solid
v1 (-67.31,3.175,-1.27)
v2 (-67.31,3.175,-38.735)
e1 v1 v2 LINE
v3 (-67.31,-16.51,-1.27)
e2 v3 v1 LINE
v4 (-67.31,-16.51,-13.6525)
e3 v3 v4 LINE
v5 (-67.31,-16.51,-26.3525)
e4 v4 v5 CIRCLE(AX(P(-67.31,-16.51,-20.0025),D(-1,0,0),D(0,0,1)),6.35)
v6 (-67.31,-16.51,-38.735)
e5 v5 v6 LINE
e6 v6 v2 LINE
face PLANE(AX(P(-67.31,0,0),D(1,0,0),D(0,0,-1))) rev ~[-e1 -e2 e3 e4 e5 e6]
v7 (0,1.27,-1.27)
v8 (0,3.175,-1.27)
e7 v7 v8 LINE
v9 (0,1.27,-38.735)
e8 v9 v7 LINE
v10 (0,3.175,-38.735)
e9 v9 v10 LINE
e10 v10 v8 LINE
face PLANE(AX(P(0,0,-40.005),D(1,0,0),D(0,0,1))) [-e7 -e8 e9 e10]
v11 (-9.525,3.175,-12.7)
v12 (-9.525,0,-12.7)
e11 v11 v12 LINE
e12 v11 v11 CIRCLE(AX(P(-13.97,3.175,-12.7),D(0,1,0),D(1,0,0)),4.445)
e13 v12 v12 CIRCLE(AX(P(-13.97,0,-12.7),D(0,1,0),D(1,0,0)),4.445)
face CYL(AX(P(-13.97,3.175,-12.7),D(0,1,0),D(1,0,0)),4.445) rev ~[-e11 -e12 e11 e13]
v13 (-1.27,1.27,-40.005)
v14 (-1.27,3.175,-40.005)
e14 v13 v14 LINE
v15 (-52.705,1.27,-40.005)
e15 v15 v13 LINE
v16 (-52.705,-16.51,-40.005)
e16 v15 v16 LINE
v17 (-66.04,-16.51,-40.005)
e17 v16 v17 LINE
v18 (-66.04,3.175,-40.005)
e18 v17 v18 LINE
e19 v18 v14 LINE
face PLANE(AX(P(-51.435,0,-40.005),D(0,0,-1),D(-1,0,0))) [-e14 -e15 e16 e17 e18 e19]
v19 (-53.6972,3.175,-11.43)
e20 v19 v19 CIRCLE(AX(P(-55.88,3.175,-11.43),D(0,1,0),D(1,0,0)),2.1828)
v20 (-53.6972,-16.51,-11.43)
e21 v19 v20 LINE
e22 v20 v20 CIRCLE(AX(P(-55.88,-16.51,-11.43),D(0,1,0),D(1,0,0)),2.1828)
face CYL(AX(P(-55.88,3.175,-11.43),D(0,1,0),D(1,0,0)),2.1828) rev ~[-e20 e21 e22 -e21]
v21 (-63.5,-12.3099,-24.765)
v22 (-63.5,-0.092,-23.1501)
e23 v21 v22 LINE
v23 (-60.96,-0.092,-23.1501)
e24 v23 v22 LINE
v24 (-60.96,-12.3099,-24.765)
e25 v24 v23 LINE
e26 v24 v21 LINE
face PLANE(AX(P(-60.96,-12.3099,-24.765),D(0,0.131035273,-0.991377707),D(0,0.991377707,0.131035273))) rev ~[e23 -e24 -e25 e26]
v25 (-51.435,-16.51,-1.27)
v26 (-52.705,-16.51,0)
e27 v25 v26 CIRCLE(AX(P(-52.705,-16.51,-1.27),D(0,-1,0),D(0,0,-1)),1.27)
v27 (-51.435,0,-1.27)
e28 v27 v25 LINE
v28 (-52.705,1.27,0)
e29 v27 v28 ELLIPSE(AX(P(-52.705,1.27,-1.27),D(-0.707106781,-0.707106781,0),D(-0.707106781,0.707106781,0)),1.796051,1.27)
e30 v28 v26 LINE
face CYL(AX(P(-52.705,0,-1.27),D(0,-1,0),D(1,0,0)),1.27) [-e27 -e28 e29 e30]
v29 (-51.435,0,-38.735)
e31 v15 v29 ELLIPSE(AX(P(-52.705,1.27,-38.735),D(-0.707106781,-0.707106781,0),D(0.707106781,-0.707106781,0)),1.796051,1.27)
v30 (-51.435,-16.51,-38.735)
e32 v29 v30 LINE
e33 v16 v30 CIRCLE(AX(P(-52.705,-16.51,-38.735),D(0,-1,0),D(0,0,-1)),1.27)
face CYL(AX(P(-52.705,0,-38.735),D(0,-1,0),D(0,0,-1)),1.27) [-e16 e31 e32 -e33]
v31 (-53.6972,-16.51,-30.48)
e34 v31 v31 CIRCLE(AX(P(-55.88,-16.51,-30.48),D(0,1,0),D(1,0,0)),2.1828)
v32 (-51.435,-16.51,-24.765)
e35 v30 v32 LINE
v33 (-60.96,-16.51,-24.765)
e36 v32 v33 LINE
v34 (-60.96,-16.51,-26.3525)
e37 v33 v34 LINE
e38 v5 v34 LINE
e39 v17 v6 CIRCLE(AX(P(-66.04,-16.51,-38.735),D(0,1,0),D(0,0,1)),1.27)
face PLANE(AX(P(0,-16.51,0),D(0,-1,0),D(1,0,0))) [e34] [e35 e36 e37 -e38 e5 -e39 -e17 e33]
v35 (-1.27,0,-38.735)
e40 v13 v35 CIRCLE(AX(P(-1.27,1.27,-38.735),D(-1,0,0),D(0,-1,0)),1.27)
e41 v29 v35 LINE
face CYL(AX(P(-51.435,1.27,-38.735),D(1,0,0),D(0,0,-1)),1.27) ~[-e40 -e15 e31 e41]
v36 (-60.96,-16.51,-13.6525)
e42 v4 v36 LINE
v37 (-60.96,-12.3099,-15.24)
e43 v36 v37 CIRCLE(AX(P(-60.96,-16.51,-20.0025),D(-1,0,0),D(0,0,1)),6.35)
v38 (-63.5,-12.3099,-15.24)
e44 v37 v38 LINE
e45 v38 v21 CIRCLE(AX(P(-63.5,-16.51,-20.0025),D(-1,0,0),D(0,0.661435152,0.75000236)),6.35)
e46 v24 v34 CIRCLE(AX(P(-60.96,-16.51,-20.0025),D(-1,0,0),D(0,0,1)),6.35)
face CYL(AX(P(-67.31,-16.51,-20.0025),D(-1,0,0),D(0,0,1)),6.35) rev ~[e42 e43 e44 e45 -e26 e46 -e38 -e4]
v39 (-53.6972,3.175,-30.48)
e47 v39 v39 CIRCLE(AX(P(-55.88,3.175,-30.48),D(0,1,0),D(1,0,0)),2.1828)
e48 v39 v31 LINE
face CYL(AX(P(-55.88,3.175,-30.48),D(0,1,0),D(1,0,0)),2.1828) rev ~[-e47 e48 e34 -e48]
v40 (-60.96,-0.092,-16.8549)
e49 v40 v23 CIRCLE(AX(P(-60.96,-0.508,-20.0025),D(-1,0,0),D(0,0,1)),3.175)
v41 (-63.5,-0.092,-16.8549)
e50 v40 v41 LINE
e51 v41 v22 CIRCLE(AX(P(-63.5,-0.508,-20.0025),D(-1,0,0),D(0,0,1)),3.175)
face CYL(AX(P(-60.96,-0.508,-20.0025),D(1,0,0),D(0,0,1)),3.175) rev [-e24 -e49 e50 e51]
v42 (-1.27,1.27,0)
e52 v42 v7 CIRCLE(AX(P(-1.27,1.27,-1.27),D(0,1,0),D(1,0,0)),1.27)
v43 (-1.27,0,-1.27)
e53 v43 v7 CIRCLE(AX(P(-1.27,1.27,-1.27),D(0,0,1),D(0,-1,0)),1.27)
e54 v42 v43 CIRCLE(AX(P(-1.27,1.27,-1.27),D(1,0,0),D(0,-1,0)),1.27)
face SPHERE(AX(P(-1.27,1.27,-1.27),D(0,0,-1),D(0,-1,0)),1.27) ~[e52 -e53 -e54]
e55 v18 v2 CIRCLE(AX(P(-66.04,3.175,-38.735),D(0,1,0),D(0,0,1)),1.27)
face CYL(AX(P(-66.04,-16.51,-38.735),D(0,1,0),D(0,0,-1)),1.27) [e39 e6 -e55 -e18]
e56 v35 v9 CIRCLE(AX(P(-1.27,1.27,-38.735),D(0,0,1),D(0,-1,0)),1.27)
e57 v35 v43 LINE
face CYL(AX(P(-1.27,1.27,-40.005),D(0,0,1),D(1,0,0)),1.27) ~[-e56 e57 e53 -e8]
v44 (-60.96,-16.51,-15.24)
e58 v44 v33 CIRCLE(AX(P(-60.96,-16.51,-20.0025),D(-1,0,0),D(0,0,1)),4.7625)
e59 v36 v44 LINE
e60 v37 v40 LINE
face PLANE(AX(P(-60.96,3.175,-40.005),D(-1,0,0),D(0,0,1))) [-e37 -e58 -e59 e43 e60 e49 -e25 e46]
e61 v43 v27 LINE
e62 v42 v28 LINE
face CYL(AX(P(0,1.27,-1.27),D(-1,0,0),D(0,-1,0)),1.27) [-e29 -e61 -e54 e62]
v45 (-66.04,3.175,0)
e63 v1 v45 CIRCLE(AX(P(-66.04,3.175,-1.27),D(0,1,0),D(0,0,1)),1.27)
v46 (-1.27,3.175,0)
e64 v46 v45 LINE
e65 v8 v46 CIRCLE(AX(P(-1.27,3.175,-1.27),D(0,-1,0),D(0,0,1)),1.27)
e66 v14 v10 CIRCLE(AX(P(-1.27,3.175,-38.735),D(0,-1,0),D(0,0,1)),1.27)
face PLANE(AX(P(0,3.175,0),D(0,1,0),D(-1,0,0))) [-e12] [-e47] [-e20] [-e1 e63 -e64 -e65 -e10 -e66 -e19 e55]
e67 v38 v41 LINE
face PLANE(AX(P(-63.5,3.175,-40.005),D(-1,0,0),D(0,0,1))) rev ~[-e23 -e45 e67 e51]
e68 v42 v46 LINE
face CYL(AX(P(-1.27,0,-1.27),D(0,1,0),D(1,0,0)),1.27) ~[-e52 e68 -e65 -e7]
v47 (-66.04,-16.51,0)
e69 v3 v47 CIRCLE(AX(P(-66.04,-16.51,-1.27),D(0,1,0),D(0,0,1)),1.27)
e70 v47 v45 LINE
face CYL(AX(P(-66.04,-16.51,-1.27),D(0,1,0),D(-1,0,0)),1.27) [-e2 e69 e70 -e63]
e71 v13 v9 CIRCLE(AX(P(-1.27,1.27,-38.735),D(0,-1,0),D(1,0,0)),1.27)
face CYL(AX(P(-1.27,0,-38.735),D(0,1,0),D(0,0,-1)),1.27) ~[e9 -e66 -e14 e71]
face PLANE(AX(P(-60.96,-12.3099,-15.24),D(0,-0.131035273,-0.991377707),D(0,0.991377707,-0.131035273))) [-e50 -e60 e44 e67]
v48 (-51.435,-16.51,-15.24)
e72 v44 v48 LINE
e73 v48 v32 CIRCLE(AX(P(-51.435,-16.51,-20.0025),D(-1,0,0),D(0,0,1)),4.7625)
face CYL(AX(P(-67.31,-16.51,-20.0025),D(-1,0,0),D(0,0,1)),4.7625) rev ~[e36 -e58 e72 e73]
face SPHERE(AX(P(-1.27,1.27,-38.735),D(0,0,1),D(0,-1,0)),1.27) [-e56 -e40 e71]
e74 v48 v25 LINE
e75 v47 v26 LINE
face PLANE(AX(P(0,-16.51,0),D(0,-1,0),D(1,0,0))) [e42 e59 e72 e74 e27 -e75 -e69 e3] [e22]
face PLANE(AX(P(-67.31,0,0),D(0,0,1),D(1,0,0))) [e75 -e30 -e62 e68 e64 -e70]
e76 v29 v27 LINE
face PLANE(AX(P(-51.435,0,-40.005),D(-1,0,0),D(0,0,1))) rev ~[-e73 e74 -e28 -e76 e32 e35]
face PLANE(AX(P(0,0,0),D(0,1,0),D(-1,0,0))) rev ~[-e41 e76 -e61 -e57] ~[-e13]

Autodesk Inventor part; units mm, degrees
ref_plane "YZ Plane" through (0, 0, 0) normal (1, 0, 0) x (0, 1, 0)
ref_plane "XZ Plane" through (0, 0, 0) normal (0, 1, 0) x (-1, 0, 0)
ref_plane "XY Plane" through (0, 0, 0) normal (0, 0, 1) x (1, 0, 0)
sketch "Sketch1" plane through (0, 0, 0) normal (0, 1, 0) x (-1, 0, 0)
  line L0 (0, 0) -> (67.31, 0)
  line L1 (67.31, 0) -> (67.31, -40.005)
  line L2 (67.31, -40.005) -> (0, -40.005)
  line L3 (0, -40.005) -> (0, 0)
  dimension "d0" = 40.005
  dimension "d1" = 67.31
extrude "Extrusion1" add sketch "Sketch1" along normal blind 3.175
sketch "Sketch2" plane through (0, 3.175, 0) normal (0, 1, 0) x (1, 0, 0)
  circle A0 centre (-13.97, 12.7) radius 4.445
  line L0 (0, 0) -> (0, 40.005) projected
  line L1 (-67.31, 0) -> (0, 0) projected
  dimension "d4" = 13.97
  dimension "d5" = 12.7
  dimension "d28" = 8.89
extrude "Extrusion2" cut sketch "Sketch2" against normal blind 6.35
sketch "Sketch3" plane through (0, 0, 0) normal (0, -1, 0) x (1, 0, 0)
  line L0 (0, -40.005) -> (-67.31, -40.005) projected
  line L1 (-67.31, 0) -> (0, 0) projected
  line L2 (-67.31, -40.005) -> (-51.435, -40.005)
  line L3 (-51.435, -40.005) -> (-51.435, 0)
  line L4 (-51.435, 0) -> (-67.31, 0)
  line L5 (-67.31, 0) -> (-67.31, -40.005)
  dimension "d8" = 15.875
extrude "Extrusion3" add sketch "Sketch3" along normal blind 16.51
sketch "Sketch4" plane through (-67.31, 3.175, -40.005) normal (-1, 0, 0) x (0, 0, 1)
  line L0 (40.005, -19.685) -> (0, -19.685) projected
  circle A0 centre (20.0025, -19.685) radius 6.35
  point P0 (40.005, -3.175)
  point P1 (13.6525, -19.685)
  point P2 (26.3525, -19.685)
  dimension "d11" = 12.7
extrude "Extrusion4" cut sketch "Sketch4" against normal blind 6.35 contours L0 A0 picked at (22.0577, -19.1784)
sketch "Sketch5" plane through (-60.96, 3.175, -40.005) normal (-1, 0, 0) x (0, 0, 1)
  line L0 (26.3525, -19.685) -> (13.6525, -19.685) projected
  line L1 (20.0025, -19.685) -> (20.0025, -3.683)
  circle A0 centre (20.0025, -3.683) radius 3.175
  arc A1 (26.3525, -19.685) -> (13.6525, -19.685) centre (20.0025, -19.685) ccw projected
  line L2 (24.765, -15.4849) -> (15.24, -15.4849)
  line L3 (24.765, -15.4849) -> (23.1501, -3.267)
  line L4 (15.24, -15.4849) -> (16.8549, -3.267)
  point P0 (40.005, -3.175)
  dimension "d14" = 16.002
  dimension "d15" = 6.35
  dimension "d16" = 9.525
extrude "Extrusion5" cut sketch "Sketch5" along normal blind 2.54 contours A1 L1 A0 L3 | A1 L4 A0 L1 | A0
sketch "Sketch6" plane through (0, 3.175, 0) normal (0, 1, 0) x (1, 0, 0)
  circle A0 centre (-55.88, 30.48) radius 2.1828
  circle A1 centre (-55.88, 11.43) radius 2.1828
  line L0 (-67.31, 40.005) -> (-67.31, 0) projected
  line L1 (-67.31, 0) -> (0, 0) projected
  line L2 (0, 40.005) -> (-67.31, 40.005) projected
  dimension "d19" = 4.3656
  dimension "d20" = 4.3656
  dimension "d21" = 11.43
  dimension "d22" = 11.43
  dimension "d23" = 19.05
  dimension "d32" = 9.525
extrude "Extrusion6" cut sketch "Sketch6" against normal blind 25.4
fillet "Fillet1" radius 1.27 9 edges at (0, 0, -20.0025) (-25.7175, 0, 0) (-25.7175, 0, -40.005) (-51.435, -8.255, 0) (0, 1.5875, 0) (0, 1.5875, -40.005) (-67.31, -6.6675, -40.005) (-51.435, -8.255, -40.005) (-67.31, -6.6675, 0)
sketch "Sketch7" plane through (-67.31, -16.51, -20.0025) normal (-1, 0, 0) x (0, 0, 1)
  arc A0 (4.7625, 4.2001) -> (-4.7625, 4.2001) centre (0, 0) ccw projected
  circle A1 centre (0, 0) radius 4.7625
  point P0 (20.0025, 16.51)
  dimension "d29" = 9.525
extrude "Extrusion7" cut sketch "Sketch7" against normal blind 25.4
properties part number "SwerveDriveBracket_A"
